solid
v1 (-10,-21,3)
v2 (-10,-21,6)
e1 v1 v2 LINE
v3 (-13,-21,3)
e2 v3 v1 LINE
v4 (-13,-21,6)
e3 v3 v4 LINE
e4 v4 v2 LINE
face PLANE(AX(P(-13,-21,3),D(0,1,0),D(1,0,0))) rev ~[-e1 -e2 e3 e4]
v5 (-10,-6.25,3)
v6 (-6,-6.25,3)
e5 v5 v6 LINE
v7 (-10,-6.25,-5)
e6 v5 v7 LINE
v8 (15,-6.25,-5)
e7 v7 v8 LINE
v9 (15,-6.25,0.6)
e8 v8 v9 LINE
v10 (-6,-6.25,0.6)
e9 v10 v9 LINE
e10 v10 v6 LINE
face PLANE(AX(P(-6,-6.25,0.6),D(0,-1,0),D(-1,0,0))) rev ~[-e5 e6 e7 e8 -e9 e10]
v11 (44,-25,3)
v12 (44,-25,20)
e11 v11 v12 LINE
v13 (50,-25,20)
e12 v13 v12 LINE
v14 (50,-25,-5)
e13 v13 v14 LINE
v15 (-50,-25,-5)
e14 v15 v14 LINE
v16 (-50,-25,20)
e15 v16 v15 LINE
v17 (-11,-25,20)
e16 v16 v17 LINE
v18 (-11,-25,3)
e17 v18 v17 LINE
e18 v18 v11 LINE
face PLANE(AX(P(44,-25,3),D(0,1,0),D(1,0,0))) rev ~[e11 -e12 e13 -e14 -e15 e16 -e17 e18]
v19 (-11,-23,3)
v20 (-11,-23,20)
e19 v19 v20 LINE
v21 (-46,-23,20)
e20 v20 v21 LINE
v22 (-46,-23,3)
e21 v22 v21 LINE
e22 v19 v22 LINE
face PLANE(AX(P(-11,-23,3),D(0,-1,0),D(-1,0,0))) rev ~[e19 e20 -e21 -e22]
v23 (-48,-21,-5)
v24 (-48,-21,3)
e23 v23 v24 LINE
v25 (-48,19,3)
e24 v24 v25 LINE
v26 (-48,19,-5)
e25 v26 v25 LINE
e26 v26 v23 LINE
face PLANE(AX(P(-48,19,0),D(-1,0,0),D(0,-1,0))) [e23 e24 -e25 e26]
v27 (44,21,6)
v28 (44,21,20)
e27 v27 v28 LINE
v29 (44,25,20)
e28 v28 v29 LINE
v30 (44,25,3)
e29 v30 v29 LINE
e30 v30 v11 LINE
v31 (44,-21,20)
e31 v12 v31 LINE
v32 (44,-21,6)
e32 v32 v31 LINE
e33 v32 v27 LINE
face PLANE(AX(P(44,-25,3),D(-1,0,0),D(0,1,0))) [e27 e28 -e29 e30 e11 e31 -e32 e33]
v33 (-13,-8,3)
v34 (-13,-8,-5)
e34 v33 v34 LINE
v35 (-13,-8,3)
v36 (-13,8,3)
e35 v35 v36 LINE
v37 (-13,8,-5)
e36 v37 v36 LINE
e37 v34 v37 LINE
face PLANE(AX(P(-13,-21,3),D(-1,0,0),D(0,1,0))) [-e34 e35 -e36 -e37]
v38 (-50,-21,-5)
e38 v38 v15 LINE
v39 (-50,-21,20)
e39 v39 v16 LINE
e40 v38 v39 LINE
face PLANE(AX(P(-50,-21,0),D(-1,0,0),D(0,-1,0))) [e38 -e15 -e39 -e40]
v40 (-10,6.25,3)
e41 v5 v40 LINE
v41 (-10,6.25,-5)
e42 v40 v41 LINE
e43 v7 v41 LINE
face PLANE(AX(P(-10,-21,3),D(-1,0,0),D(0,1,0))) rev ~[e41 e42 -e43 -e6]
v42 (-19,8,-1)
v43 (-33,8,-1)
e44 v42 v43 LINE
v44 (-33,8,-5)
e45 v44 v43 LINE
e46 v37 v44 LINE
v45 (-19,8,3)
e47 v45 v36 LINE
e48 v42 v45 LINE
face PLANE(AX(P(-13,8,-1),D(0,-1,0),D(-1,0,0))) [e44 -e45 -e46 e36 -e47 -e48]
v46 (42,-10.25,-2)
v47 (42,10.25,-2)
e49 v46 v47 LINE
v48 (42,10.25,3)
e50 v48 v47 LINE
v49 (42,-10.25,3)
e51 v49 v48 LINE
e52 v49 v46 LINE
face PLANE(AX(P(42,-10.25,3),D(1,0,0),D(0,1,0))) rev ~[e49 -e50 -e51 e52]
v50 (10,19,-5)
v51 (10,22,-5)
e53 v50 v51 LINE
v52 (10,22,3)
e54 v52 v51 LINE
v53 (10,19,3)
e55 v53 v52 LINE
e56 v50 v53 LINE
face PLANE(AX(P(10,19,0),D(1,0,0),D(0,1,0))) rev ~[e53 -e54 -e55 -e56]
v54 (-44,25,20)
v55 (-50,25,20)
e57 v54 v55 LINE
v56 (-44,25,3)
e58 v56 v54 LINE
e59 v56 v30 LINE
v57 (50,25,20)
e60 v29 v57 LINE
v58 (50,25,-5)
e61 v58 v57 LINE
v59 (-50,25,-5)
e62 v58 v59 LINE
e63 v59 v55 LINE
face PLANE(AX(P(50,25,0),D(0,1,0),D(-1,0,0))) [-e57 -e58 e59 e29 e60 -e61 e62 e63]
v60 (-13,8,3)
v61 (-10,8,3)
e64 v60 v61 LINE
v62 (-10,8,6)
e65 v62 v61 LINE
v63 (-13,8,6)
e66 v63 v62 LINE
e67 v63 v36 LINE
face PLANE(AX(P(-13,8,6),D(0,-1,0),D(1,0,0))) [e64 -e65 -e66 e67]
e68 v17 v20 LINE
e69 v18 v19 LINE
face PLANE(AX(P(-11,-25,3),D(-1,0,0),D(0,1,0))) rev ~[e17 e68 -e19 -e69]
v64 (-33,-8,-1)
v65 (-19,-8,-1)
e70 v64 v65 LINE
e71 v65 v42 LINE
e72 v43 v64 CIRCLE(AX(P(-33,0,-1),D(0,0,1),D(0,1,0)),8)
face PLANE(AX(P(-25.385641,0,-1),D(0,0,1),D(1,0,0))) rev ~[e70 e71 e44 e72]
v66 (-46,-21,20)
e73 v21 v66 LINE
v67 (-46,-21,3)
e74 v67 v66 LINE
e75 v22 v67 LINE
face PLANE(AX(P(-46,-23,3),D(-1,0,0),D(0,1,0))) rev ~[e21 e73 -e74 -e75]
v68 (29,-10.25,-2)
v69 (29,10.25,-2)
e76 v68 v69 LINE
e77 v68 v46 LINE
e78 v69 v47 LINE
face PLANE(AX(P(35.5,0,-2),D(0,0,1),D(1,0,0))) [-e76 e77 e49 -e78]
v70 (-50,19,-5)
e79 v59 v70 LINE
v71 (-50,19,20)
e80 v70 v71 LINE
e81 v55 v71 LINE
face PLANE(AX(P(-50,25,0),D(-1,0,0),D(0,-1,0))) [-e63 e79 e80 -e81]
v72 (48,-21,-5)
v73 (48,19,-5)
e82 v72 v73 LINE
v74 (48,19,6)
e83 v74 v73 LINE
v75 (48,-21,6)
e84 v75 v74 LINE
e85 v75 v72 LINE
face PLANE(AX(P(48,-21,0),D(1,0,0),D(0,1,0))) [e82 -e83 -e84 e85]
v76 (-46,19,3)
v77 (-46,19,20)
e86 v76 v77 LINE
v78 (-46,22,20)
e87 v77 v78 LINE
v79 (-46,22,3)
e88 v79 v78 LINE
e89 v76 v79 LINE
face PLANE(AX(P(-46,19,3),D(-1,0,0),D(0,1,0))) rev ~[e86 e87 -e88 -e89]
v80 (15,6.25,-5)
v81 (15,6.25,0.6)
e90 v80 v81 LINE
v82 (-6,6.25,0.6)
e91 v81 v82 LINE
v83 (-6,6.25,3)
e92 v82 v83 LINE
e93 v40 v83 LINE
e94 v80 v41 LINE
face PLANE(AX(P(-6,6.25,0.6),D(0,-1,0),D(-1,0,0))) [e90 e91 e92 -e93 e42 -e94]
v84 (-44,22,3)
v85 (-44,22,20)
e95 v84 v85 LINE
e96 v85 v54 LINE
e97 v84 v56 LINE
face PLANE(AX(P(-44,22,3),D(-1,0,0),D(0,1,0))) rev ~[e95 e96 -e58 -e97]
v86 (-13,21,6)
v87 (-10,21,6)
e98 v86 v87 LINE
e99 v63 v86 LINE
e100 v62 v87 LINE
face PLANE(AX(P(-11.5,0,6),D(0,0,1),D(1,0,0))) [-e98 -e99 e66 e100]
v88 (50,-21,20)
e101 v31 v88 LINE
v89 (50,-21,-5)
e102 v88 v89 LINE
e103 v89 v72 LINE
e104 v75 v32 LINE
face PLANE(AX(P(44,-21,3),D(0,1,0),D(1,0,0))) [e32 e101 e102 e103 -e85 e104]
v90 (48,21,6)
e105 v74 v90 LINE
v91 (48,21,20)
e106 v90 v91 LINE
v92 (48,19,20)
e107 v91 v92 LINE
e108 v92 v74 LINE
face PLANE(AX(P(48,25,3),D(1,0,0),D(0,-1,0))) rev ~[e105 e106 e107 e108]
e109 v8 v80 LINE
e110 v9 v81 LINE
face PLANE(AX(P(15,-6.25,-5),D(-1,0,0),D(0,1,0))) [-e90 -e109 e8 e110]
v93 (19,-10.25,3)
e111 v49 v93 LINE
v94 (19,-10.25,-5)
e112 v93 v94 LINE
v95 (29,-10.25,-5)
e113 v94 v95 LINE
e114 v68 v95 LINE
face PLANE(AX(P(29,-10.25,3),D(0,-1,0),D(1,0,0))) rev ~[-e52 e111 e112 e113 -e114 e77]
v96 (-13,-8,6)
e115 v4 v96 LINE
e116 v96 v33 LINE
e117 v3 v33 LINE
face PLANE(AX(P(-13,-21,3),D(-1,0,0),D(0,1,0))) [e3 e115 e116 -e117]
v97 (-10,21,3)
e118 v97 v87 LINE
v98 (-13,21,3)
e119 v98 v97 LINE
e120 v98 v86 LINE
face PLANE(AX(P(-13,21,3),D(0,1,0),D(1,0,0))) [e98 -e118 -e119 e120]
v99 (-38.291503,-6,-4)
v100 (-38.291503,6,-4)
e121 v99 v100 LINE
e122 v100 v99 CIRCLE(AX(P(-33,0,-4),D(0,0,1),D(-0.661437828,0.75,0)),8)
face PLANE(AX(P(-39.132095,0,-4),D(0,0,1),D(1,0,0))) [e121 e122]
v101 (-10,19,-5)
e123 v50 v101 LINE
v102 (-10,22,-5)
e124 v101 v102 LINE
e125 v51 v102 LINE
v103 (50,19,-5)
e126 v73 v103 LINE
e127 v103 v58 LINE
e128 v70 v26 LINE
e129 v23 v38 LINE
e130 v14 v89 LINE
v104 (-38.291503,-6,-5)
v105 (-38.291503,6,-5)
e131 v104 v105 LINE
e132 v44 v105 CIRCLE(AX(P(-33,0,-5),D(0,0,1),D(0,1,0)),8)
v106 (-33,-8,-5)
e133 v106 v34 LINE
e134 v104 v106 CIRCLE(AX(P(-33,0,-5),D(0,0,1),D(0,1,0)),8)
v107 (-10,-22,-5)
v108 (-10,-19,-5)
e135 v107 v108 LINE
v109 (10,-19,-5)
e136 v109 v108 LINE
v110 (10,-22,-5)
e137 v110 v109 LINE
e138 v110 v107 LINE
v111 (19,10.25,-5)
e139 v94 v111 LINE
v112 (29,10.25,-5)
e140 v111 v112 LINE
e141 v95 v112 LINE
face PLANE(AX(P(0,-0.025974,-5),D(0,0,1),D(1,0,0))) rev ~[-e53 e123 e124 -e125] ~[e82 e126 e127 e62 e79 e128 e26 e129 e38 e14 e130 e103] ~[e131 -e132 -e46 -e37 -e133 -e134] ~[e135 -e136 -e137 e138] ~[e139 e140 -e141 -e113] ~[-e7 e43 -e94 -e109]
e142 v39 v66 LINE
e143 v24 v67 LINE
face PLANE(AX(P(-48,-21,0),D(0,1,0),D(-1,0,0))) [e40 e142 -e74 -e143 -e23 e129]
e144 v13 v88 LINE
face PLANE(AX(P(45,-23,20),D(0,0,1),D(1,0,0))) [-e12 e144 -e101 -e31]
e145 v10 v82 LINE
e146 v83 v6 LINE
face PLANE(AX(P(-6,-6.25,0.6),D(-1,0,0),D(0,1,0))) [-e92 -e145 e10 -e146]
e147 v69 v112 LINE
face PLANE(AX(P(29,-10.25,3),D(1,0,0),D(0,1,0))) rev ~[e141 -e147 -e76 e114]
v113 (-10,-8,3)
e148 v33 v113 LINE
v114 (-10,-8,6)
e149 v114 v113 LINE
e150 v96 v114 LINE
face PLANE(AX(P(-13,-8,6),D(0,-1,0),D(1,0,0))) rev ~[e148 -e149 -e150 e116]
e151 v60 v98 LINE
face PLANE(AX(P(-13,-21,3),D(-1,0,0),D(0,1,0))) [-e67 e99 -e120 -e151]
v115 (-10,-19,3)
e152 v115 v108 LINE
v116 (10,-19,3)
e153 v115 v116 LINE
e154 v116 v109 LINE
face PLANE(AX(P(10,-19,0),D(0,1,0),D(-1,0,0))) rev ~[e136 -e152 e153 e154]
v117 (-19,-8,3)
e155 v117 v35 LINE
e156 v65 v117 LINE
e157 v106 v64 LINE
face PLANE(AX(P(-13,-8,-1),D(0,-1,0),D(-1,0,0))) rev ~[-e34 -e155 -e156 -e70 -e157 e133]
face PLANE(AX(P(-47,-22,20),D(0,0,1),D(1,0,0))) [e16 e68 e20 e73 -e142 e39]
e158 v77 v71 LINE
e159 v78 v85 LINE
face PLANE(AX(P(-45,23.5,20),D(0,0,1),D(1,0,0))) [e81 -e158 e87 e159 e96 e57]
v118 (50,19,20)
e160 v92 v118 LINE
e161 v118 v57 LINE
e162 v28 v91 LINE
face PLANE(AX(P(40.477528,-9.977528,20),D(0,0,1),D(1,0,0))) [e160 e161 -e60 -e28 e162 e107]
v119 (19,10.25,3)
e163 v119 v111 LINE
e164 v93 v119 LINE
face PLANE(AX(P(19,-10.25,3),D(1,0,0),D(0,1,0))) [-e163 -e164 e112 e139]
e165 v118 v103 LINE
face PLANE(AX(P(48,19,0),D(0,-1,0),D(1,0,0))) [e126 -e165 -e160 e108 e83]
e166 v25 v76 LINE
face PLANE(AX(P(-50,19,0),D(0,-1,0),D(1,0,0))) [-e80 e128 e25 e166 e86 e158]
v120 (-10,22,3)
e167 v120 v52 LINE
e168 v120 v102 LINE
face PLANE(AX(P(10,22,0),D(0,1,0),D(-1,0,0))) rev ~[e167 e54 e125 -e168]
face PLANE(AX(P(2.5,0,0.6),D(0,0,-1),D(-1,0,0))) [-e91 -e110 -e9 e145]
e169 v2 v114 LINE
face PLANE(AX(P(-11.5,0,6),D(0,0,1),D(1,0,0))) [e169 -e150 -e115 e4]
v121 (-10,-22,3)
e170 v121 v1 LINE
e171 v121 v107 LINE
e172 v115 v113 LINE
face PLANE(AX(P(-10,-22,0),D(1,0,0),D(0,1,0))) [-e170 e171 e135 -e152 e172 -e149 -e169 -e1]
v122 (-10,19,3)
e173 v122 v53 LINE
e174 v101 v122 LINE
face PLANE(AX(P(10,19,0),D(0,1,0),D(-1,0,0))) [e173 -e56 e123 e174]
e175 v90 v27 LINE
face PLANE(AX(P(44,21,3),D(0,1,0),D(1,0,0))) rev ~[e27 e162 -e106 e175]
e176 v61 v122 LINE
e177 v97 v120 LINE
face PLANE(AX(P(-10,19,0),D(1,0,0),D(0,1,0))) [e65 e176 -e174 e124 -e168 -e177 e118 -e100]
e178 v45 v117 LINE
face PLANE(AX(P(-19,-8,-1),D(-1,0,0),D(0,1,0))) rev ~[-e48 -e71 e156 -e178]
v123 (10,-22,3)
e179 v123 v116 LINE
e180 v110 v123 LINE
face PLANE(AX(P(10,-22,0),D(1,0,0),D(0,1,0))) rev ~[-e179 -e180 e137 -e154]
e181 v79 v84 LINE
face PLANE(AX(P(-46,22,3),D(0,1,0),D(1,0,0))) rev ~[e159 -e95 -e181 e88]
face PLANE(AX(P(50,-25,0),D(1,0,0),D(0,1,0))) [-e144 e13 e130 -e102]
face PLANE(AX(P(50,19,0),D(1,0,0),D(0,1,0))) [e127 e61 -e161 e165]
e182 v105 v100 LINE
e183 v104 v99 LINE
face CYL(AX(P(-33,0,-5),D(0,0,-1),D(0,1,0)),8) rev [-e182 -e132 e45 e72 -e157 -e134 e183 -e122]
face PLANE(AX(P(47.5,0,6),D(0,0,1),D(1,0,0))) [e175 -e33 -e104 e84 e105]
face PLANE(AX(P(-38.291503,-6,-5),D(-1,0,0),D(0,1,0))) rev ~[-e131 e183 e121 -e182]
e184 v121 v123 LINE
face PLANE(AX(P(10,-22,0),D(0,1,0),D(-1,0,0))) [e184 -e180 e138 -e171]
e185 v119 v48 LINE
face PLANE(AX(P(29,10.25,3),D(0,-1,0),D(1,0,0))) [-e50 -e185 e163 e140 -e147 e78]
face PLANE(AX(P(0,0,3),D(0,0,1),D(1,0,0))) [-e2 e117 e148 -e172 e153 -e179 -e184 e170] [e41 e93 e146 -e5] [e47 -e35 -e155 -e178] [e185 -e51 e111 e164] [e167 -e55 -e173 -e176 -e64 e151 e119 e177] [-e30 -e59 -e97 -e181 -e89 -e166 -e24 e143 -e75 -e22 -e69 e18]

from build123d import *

# Parameters (mm, degrees)
SKIZZE1_W                            = 100
SKIZZE1_H                            = 50
SKIZZE1_W_2                          = 20
SKIZZE1_H_2                          = 3
AUFSATZ_LINEAR_AUSTRAGEN1_DEPTH      = 3
SKIZZE2_W                            = 90
SKIZZE2_H                            = 25
AUFSATZ_LINEAR_AUSTRAGEN2_DEPTH      = 5
SCHNITT_LINEAR_AUSTRAGEN1_DEPTH      = 4
SKIZZE4_W                            = 6
SKIZZE4_H                            = 16
SCHNITT_LINEAR_AUSTRAGEN2_DEPTH      = 5
SCHNITT_LINEAR_AUSTRAGEN2_DEPTH_BACK = 5
SKIZZE5_W                            = 25
SKIZZE5_H                            = 12.5
SCHNITT_LINEAR_AUSTRAGEN3_DEPTH      = 5.6
SKIZZE6_W                            = 4
SKIZZE6_H                            = 12.5
SCHNITT_LINEAR_AUSTRAGEN4_DEPTH      = 6.6
SCHNITT_LINEAR_AUSTRAGEN4_DEPTH_BACK = 3.4
SKIZZE8_W                            = 13
SKIZZE8_H                            = 20.5
SCHNITT_LINEAR_AUSTRAGEN5_DEPTH      = 5
SKIZZE9_W                            = 10
SKIZZE9_H                            = 20.5
SCHNITT_LINEAR_AUSTRAGEN6_DEPTH      = 8
AUFSATZ_LINEAR_AUSTRAGEN3_DEPTH      = 1
AUFSATZ_LINEAR_AUSTRAGEN4_DEPTH      = 17
SKIZZE14_W                           = 3
SKIZZE14_H                           = 42
AUFSATZ_LINEAR_AUSTRAGEN5_DEPTH      = 3
SKIZZE15_W                           = 3
SKIZZE15_H                           = 16
SCHNITT_LINEAR_AUSTRAGEN7_DEPTH      = 3
SKIZZE16_W                           = 2
SKIZZE16_H                           = 2
AUFSATZ_LINEAR_AUSTRAGEN6_DEPTH      = 17
SKIZZE17_W                           = 2
SKIZZE17_H                           = 40
SCHNITT_LINEAR_AUSTRAGEN8_DEPTH      = 20
SKIZZE18_W                           = 35
SKIZZE18_H                           = 2
SCHNITT_LINEAR_AUSTRAGEN9_DEPTH      = 17
SKIZZE19_W                           = 2
SKIZZE19_H                           = 6
SKIZZE19_W_2                         = 4
SKIZZE19_H_2                         = 4
AUFSATZ_LINEAR_AUSTRAGEN7_DEPTH      = 17
SKIZZE20_W                           = 1
SKIZZE20_H                           = 42
AUFSATZ_LINEAR_AUSTRAGEN8_DEPTH      = 3
SKIZZE21_W                           = 2
SKIZZE21_H                           = 3
AUFSATZ_LINEAR_AUSTRAGEN9_DEPTH      = 17
SKIZZE22_W                           = 20
SKIZZE22_H                           = 3
SKIZZE22_W_2                         = 90
SKIZZE22_H_2                         = 25
AUFSATZ_LINEAR_AUSTRAGEN10_DEPTH     = 5
SKIZZE24_W                           = 2
SKIZZE24_H                           = 4
AUFSATZ_LINEAR_AUSTRAGEN11_DEPTH     = 17


with BuildPart() as part:
    # Skizze1 → Aufsatz-Linear austragen1 (new body)
    with BuildSketch(Plane.XY):
        Rectangle(SKIZZE1_W, SKIZZE1_H)
        with Locations((0, -20.5)):
            Rectangle(SKIZZE1_W_2, SKIZZE1_H_2, mode=Mode.SUBTRACT)
        with Locations((0, 20.5)):
            Rectangle(SKIZZE1_W_2, SKIZZE1_H_2, mode=Mode.SUBTRACT)
    extrude(amount=AUFSATZ_LINEAR_AUSTRAGEN1_DEPTH)

    # Skizze2 → Aufsatz-Linear austragen2 (add)
    with BuildSketch(Plane(origin=(0, 0, 0), x_dir=(-1, 0, 0), z_dir=(0, 0, -1))):
        Rectangle(SKIZZE2_W, SKIZZE2_H)
    extrude(amount=AUFSATZ_LINEAR_AUSTRAGEN2_DEPTH)

    # Skizze3 → Schnitt-Linear austragen1 (cut)
    with BuildSketch(Plane(origin=(0, 0, -5), x_dir=(-1, 0, 0), z_dir=(0, 0, -1))):
        with BuildLine():
            Line((33, -8), (13, -8))
            Line((13, -8), (13, 8))
            Line((13, 8), (33, 8))
            ThreePointArc((33, 8), (41, 0), (33, -8))
        make_face()
    extrude(amount=-SCHNITT_LINEAR_AUSTRAGEN1_DEPTH, mode=Mode.SUBTRACT)

    # Skizze4 → Schnitt-Linear austragen2 (cut, two sides)
    with BuildSketch(Plane(origin=(0, 0, -1), x_dir=(-1, 0, 0), z_dir=(0, 0, -1))) as schnitt_linear_austragen2_sk:
        with Locations((16, 0)):
            Rectangle(SKIZZE4_W, SKIZZE4_H)
    extrude(amount=SCHNITT_LINEAR_AUSTRAGEN2_DEPTH, mode=Mode.SUBTRACT)
    extrude(schnitt_linear_austragen2_sk.sketch, amount=-SCHNITT_LINEAR_AUSTRAGEN2_DEPTH_BACK, mode=Mode.SUBTRACT)

    # Skizze5 → Schnitt-Linear austragen3 (cut)
    with BuildSketch(Plane(origin=(0, 0, -5), x_dir=(-1, 0, 0), z_dir=(0, 0, -1))):
        with Locations((-2.5, 0)):
            Rectangle(SKIZZE5_W, SKIZZE5_H)
    extrude(amount=-SCHNITT_LINEAR_AUSTRAGEN3_DEPTH, mode=Mode.SUBTRACT)

    # Skizze6 → Schnitt-Linear austragen4 (cut, two sides)
    with BuildSketch(Plane(origin=(0, 0, 0.6), x_dir=(-1, 0, 0), z_dir=(0, 0, -1))) as schnitt_linear_austragen4_sk:
        with Locations((8, 0)):
            Rectangle(SKIZZE6_W, SKIZZE6_H)
    extrude(amount=SCHNITT_LINEAR_AUSTRAGEN4_DEPTH, mode=Mode.SUBTRACT)
    extrude(schnitt_linear_austragen4_sk.sketch, amount=-SCHNITT_LINEAR_AUSTRAGEN4_DEPTH_BACK, mode=Mode.SUBTRACT)

    # Skizze8 → Schnitt-Linear austragen5 (cut)
    with BuildSketch(Plane.XY.offset(3)):
        with Locations((35.5, 0)):
            Rectangle(SKIZZE8_W, SKIZZE8_H)
    extrude(amount=-SCHNITT_LINEAR_AUSTRAGEN5_DEPTH, mode=Mode.SUBTRACT)

    # Skizze9 → Schnitt-Linear austragen6 (cut)
    with BuildSketch(Plane.XY.offset(3)):
        with Locations((24, 0)):
            Rectangle(SKIZZE9_W, SKIZZE9_H)
    extrude(amount=-SCHNITT_LINEAR_AUSTRAGEN6_DEPTH, mode=Mode.SUBTRACT)

    # Skizze10 → Aufsatz-Linear austragen3 (add)
    with BuildSketch(Plane(origin=(0, 0, -5), x_dir=(-1, 0, 0), z_dir=(0, 0, -1))):
        with BuildLine():
            Line((38.291502622, -6), (38.291502622, 6))
            ThreePointArc((38.291502622, 6), (41, 0), (38.291502622, -6))
        make_face()
    extrude(amount=-AUFSATZ_LINEAR_AUSTRAGEN3_DEPTH)

    # Skizze11 → Aufsatz-Linear austragen4 (add)
    with BuildSketch(Plane.XY.offset(3)):
        Polygon((-50, 25), (-50, -25), (-48, -25), (-11, -25), (-11, -23), (-48, -23), (-48, 25), align=None)
        Polygon((50, -25), (50, 25), (48, 25), (48, -23), (11, -23), (11, -25), align=None)
    extrude(amount=AUFSATZ_LINEAR_AUSTRAGEN4_DEPTH)

    # Skizze14 → Aufsatz-Linear austragen5 (add)
    with BuildSketch(Plane.XY.offset(3)):
        with Locations((-11.5, 0)):
            Rectangle(SKIZZE14_W, SKIZZE14_H)
        with Locations((45.5, 0)):
            Rectangle(SKIZZE14_W, SKIZZE14_H)
    extrude(amount=AUFSATZ_LINEAR_AUSTRAGEN5_DEPTH)

    # Skizze15 → Schnitt-Linear austragen7 (cut)
    with BuildSketch(Plane.XY.offset(6)):
        with Locations((-11.5, 0)):
            Rectangle(SKIZZE15_W, SKIZZE15_H)
    extrude(amount=-SCHNITT_LINEAR_AUSTRAGEN7_DEPTH, mode=Mode.SUBTRACT)

    # Skizze16 → Aufsatz-Linear austragen6 (add)
    with BuildSketch(Plane.XY.offset(3)):
        with Locations((-47, -22)):
            Rectangle(SKIZZE16_W, SKIZZE16_H)
        with Locations((47, -22)):
            Rectangle(SKIZZE16_W, SKIZZE16_H)
    extrude(amount=AUFSATZ_LINEAR_AUSTRAGEN6_DEPTH)

    # Skizze17 → Schnitt-Linear austragen8 (cut)
    with BuildSketch(Plane.XY.offset(20)):
        with Locations((-49, -1)):
            Rectangle(SKIZZE17_W, SKIZZE17_H)
        with Locations((49, -1)):
            Rectangle(SKIZZE17_W, SKIZZE17_H)
    extrude(amount=-SCHNITT_LINEAR_AUSTRAGEN8_DEPTH, mode=Mode.SUBTRACT)

    # Skizze18 → Schnitt-Linear austragen9 (cut)
    with BuildSketch(Plane.XY.offset(20)):
        with Locations((28.5, -24)):
            Rectangle(SKIZZE18_W, SKIZZE18_H)
    extrude(amount=-SCHNITT_LINEAR_AUSTRAGEN9_DEPTH, mode=Mode.SUBTRACT)

    # Skizze19 → Aufsatz-Linear austragen7 (add)
    with BuildSketch(Plane.XY.offset(3)):
        with Locations((-47, 22)):
            Rectangle(SKIZZE19_W, SKIZZE19_H)
        with Locations((46, 23)):
            Rectangle(SKIZZE19_W_2, SKIZZE19_H_2)
    extrude(amount=AUFSATZ_LINEAR_AUSTRAGEN7_DEPTH)

    # Skizze20 → Aufsatz-Linear austragen8 (add)
    with BuildSketch(Plane.XY.offset(3)):
        with Locations((47.5, 0)):
            Rectangle(SKIZZE20_W, SKIZZE20_H)
    extrude(amount=AUFSATZ_LINEAR_AUSTRAGEN8_DEPTH)

    # Skizze21 → Aufsatz-Linear austragen9 (add)
    with BuildSketch(Plane.XY.offset(3)):
        with Locations((-45, 23.5)):
            Rectangle(SKIZZE21_W, SKIZZE21_H)
    extrude(amount=AUFSATZ_LINEAR_AUSTRAGEN9_DEPTH)

    # Skizze22 → Aufsatz-Linear austragen10 (add)
    with BuildSketch(Plane(origin=(0, 0, 0), x_dir=(-1, 0, 0), z_dir=(0, 0, -1))):
        Polygon((-50, 19), (-50, 25), (50, 25), (50, 19), (48, 19), (48, -21), (50, -21), (50, -25), (-50, -25), (-50, -21), (-48, -21), (-48, 19), align=None)
        with Locations((0, 20.5)):
            Rectangle(SKIZZE22_W, SKIZZE22_H, mode=Mode.SUBTRACT)
        Rectangle(SKIZZE22_W_2, SKIZZE22_H_2, mode=Mode.SUBTRACT)
        with Locations((0, -20.5)):
            Rectangle(SKIZZE22_W, SKIZZE22_H, mode=Mode.SUBTRACT)
    extrude(amount=AUFSATZ_LINEAR_AUSTRAGEN10_DEPTH)

    # Skizze24 → Aufsatz-Linear austragen11 (add)
    with BuildSketch(Plane.XY.offset(3)):
        with Locations((45, -23)):
            Rectangle(SKIZZE24_W, SKIZZE24_H)
    extrude(amount=AUFSATZ_LINEAR_AUSTRAGEN11_DEPTH)


solid = part.part
